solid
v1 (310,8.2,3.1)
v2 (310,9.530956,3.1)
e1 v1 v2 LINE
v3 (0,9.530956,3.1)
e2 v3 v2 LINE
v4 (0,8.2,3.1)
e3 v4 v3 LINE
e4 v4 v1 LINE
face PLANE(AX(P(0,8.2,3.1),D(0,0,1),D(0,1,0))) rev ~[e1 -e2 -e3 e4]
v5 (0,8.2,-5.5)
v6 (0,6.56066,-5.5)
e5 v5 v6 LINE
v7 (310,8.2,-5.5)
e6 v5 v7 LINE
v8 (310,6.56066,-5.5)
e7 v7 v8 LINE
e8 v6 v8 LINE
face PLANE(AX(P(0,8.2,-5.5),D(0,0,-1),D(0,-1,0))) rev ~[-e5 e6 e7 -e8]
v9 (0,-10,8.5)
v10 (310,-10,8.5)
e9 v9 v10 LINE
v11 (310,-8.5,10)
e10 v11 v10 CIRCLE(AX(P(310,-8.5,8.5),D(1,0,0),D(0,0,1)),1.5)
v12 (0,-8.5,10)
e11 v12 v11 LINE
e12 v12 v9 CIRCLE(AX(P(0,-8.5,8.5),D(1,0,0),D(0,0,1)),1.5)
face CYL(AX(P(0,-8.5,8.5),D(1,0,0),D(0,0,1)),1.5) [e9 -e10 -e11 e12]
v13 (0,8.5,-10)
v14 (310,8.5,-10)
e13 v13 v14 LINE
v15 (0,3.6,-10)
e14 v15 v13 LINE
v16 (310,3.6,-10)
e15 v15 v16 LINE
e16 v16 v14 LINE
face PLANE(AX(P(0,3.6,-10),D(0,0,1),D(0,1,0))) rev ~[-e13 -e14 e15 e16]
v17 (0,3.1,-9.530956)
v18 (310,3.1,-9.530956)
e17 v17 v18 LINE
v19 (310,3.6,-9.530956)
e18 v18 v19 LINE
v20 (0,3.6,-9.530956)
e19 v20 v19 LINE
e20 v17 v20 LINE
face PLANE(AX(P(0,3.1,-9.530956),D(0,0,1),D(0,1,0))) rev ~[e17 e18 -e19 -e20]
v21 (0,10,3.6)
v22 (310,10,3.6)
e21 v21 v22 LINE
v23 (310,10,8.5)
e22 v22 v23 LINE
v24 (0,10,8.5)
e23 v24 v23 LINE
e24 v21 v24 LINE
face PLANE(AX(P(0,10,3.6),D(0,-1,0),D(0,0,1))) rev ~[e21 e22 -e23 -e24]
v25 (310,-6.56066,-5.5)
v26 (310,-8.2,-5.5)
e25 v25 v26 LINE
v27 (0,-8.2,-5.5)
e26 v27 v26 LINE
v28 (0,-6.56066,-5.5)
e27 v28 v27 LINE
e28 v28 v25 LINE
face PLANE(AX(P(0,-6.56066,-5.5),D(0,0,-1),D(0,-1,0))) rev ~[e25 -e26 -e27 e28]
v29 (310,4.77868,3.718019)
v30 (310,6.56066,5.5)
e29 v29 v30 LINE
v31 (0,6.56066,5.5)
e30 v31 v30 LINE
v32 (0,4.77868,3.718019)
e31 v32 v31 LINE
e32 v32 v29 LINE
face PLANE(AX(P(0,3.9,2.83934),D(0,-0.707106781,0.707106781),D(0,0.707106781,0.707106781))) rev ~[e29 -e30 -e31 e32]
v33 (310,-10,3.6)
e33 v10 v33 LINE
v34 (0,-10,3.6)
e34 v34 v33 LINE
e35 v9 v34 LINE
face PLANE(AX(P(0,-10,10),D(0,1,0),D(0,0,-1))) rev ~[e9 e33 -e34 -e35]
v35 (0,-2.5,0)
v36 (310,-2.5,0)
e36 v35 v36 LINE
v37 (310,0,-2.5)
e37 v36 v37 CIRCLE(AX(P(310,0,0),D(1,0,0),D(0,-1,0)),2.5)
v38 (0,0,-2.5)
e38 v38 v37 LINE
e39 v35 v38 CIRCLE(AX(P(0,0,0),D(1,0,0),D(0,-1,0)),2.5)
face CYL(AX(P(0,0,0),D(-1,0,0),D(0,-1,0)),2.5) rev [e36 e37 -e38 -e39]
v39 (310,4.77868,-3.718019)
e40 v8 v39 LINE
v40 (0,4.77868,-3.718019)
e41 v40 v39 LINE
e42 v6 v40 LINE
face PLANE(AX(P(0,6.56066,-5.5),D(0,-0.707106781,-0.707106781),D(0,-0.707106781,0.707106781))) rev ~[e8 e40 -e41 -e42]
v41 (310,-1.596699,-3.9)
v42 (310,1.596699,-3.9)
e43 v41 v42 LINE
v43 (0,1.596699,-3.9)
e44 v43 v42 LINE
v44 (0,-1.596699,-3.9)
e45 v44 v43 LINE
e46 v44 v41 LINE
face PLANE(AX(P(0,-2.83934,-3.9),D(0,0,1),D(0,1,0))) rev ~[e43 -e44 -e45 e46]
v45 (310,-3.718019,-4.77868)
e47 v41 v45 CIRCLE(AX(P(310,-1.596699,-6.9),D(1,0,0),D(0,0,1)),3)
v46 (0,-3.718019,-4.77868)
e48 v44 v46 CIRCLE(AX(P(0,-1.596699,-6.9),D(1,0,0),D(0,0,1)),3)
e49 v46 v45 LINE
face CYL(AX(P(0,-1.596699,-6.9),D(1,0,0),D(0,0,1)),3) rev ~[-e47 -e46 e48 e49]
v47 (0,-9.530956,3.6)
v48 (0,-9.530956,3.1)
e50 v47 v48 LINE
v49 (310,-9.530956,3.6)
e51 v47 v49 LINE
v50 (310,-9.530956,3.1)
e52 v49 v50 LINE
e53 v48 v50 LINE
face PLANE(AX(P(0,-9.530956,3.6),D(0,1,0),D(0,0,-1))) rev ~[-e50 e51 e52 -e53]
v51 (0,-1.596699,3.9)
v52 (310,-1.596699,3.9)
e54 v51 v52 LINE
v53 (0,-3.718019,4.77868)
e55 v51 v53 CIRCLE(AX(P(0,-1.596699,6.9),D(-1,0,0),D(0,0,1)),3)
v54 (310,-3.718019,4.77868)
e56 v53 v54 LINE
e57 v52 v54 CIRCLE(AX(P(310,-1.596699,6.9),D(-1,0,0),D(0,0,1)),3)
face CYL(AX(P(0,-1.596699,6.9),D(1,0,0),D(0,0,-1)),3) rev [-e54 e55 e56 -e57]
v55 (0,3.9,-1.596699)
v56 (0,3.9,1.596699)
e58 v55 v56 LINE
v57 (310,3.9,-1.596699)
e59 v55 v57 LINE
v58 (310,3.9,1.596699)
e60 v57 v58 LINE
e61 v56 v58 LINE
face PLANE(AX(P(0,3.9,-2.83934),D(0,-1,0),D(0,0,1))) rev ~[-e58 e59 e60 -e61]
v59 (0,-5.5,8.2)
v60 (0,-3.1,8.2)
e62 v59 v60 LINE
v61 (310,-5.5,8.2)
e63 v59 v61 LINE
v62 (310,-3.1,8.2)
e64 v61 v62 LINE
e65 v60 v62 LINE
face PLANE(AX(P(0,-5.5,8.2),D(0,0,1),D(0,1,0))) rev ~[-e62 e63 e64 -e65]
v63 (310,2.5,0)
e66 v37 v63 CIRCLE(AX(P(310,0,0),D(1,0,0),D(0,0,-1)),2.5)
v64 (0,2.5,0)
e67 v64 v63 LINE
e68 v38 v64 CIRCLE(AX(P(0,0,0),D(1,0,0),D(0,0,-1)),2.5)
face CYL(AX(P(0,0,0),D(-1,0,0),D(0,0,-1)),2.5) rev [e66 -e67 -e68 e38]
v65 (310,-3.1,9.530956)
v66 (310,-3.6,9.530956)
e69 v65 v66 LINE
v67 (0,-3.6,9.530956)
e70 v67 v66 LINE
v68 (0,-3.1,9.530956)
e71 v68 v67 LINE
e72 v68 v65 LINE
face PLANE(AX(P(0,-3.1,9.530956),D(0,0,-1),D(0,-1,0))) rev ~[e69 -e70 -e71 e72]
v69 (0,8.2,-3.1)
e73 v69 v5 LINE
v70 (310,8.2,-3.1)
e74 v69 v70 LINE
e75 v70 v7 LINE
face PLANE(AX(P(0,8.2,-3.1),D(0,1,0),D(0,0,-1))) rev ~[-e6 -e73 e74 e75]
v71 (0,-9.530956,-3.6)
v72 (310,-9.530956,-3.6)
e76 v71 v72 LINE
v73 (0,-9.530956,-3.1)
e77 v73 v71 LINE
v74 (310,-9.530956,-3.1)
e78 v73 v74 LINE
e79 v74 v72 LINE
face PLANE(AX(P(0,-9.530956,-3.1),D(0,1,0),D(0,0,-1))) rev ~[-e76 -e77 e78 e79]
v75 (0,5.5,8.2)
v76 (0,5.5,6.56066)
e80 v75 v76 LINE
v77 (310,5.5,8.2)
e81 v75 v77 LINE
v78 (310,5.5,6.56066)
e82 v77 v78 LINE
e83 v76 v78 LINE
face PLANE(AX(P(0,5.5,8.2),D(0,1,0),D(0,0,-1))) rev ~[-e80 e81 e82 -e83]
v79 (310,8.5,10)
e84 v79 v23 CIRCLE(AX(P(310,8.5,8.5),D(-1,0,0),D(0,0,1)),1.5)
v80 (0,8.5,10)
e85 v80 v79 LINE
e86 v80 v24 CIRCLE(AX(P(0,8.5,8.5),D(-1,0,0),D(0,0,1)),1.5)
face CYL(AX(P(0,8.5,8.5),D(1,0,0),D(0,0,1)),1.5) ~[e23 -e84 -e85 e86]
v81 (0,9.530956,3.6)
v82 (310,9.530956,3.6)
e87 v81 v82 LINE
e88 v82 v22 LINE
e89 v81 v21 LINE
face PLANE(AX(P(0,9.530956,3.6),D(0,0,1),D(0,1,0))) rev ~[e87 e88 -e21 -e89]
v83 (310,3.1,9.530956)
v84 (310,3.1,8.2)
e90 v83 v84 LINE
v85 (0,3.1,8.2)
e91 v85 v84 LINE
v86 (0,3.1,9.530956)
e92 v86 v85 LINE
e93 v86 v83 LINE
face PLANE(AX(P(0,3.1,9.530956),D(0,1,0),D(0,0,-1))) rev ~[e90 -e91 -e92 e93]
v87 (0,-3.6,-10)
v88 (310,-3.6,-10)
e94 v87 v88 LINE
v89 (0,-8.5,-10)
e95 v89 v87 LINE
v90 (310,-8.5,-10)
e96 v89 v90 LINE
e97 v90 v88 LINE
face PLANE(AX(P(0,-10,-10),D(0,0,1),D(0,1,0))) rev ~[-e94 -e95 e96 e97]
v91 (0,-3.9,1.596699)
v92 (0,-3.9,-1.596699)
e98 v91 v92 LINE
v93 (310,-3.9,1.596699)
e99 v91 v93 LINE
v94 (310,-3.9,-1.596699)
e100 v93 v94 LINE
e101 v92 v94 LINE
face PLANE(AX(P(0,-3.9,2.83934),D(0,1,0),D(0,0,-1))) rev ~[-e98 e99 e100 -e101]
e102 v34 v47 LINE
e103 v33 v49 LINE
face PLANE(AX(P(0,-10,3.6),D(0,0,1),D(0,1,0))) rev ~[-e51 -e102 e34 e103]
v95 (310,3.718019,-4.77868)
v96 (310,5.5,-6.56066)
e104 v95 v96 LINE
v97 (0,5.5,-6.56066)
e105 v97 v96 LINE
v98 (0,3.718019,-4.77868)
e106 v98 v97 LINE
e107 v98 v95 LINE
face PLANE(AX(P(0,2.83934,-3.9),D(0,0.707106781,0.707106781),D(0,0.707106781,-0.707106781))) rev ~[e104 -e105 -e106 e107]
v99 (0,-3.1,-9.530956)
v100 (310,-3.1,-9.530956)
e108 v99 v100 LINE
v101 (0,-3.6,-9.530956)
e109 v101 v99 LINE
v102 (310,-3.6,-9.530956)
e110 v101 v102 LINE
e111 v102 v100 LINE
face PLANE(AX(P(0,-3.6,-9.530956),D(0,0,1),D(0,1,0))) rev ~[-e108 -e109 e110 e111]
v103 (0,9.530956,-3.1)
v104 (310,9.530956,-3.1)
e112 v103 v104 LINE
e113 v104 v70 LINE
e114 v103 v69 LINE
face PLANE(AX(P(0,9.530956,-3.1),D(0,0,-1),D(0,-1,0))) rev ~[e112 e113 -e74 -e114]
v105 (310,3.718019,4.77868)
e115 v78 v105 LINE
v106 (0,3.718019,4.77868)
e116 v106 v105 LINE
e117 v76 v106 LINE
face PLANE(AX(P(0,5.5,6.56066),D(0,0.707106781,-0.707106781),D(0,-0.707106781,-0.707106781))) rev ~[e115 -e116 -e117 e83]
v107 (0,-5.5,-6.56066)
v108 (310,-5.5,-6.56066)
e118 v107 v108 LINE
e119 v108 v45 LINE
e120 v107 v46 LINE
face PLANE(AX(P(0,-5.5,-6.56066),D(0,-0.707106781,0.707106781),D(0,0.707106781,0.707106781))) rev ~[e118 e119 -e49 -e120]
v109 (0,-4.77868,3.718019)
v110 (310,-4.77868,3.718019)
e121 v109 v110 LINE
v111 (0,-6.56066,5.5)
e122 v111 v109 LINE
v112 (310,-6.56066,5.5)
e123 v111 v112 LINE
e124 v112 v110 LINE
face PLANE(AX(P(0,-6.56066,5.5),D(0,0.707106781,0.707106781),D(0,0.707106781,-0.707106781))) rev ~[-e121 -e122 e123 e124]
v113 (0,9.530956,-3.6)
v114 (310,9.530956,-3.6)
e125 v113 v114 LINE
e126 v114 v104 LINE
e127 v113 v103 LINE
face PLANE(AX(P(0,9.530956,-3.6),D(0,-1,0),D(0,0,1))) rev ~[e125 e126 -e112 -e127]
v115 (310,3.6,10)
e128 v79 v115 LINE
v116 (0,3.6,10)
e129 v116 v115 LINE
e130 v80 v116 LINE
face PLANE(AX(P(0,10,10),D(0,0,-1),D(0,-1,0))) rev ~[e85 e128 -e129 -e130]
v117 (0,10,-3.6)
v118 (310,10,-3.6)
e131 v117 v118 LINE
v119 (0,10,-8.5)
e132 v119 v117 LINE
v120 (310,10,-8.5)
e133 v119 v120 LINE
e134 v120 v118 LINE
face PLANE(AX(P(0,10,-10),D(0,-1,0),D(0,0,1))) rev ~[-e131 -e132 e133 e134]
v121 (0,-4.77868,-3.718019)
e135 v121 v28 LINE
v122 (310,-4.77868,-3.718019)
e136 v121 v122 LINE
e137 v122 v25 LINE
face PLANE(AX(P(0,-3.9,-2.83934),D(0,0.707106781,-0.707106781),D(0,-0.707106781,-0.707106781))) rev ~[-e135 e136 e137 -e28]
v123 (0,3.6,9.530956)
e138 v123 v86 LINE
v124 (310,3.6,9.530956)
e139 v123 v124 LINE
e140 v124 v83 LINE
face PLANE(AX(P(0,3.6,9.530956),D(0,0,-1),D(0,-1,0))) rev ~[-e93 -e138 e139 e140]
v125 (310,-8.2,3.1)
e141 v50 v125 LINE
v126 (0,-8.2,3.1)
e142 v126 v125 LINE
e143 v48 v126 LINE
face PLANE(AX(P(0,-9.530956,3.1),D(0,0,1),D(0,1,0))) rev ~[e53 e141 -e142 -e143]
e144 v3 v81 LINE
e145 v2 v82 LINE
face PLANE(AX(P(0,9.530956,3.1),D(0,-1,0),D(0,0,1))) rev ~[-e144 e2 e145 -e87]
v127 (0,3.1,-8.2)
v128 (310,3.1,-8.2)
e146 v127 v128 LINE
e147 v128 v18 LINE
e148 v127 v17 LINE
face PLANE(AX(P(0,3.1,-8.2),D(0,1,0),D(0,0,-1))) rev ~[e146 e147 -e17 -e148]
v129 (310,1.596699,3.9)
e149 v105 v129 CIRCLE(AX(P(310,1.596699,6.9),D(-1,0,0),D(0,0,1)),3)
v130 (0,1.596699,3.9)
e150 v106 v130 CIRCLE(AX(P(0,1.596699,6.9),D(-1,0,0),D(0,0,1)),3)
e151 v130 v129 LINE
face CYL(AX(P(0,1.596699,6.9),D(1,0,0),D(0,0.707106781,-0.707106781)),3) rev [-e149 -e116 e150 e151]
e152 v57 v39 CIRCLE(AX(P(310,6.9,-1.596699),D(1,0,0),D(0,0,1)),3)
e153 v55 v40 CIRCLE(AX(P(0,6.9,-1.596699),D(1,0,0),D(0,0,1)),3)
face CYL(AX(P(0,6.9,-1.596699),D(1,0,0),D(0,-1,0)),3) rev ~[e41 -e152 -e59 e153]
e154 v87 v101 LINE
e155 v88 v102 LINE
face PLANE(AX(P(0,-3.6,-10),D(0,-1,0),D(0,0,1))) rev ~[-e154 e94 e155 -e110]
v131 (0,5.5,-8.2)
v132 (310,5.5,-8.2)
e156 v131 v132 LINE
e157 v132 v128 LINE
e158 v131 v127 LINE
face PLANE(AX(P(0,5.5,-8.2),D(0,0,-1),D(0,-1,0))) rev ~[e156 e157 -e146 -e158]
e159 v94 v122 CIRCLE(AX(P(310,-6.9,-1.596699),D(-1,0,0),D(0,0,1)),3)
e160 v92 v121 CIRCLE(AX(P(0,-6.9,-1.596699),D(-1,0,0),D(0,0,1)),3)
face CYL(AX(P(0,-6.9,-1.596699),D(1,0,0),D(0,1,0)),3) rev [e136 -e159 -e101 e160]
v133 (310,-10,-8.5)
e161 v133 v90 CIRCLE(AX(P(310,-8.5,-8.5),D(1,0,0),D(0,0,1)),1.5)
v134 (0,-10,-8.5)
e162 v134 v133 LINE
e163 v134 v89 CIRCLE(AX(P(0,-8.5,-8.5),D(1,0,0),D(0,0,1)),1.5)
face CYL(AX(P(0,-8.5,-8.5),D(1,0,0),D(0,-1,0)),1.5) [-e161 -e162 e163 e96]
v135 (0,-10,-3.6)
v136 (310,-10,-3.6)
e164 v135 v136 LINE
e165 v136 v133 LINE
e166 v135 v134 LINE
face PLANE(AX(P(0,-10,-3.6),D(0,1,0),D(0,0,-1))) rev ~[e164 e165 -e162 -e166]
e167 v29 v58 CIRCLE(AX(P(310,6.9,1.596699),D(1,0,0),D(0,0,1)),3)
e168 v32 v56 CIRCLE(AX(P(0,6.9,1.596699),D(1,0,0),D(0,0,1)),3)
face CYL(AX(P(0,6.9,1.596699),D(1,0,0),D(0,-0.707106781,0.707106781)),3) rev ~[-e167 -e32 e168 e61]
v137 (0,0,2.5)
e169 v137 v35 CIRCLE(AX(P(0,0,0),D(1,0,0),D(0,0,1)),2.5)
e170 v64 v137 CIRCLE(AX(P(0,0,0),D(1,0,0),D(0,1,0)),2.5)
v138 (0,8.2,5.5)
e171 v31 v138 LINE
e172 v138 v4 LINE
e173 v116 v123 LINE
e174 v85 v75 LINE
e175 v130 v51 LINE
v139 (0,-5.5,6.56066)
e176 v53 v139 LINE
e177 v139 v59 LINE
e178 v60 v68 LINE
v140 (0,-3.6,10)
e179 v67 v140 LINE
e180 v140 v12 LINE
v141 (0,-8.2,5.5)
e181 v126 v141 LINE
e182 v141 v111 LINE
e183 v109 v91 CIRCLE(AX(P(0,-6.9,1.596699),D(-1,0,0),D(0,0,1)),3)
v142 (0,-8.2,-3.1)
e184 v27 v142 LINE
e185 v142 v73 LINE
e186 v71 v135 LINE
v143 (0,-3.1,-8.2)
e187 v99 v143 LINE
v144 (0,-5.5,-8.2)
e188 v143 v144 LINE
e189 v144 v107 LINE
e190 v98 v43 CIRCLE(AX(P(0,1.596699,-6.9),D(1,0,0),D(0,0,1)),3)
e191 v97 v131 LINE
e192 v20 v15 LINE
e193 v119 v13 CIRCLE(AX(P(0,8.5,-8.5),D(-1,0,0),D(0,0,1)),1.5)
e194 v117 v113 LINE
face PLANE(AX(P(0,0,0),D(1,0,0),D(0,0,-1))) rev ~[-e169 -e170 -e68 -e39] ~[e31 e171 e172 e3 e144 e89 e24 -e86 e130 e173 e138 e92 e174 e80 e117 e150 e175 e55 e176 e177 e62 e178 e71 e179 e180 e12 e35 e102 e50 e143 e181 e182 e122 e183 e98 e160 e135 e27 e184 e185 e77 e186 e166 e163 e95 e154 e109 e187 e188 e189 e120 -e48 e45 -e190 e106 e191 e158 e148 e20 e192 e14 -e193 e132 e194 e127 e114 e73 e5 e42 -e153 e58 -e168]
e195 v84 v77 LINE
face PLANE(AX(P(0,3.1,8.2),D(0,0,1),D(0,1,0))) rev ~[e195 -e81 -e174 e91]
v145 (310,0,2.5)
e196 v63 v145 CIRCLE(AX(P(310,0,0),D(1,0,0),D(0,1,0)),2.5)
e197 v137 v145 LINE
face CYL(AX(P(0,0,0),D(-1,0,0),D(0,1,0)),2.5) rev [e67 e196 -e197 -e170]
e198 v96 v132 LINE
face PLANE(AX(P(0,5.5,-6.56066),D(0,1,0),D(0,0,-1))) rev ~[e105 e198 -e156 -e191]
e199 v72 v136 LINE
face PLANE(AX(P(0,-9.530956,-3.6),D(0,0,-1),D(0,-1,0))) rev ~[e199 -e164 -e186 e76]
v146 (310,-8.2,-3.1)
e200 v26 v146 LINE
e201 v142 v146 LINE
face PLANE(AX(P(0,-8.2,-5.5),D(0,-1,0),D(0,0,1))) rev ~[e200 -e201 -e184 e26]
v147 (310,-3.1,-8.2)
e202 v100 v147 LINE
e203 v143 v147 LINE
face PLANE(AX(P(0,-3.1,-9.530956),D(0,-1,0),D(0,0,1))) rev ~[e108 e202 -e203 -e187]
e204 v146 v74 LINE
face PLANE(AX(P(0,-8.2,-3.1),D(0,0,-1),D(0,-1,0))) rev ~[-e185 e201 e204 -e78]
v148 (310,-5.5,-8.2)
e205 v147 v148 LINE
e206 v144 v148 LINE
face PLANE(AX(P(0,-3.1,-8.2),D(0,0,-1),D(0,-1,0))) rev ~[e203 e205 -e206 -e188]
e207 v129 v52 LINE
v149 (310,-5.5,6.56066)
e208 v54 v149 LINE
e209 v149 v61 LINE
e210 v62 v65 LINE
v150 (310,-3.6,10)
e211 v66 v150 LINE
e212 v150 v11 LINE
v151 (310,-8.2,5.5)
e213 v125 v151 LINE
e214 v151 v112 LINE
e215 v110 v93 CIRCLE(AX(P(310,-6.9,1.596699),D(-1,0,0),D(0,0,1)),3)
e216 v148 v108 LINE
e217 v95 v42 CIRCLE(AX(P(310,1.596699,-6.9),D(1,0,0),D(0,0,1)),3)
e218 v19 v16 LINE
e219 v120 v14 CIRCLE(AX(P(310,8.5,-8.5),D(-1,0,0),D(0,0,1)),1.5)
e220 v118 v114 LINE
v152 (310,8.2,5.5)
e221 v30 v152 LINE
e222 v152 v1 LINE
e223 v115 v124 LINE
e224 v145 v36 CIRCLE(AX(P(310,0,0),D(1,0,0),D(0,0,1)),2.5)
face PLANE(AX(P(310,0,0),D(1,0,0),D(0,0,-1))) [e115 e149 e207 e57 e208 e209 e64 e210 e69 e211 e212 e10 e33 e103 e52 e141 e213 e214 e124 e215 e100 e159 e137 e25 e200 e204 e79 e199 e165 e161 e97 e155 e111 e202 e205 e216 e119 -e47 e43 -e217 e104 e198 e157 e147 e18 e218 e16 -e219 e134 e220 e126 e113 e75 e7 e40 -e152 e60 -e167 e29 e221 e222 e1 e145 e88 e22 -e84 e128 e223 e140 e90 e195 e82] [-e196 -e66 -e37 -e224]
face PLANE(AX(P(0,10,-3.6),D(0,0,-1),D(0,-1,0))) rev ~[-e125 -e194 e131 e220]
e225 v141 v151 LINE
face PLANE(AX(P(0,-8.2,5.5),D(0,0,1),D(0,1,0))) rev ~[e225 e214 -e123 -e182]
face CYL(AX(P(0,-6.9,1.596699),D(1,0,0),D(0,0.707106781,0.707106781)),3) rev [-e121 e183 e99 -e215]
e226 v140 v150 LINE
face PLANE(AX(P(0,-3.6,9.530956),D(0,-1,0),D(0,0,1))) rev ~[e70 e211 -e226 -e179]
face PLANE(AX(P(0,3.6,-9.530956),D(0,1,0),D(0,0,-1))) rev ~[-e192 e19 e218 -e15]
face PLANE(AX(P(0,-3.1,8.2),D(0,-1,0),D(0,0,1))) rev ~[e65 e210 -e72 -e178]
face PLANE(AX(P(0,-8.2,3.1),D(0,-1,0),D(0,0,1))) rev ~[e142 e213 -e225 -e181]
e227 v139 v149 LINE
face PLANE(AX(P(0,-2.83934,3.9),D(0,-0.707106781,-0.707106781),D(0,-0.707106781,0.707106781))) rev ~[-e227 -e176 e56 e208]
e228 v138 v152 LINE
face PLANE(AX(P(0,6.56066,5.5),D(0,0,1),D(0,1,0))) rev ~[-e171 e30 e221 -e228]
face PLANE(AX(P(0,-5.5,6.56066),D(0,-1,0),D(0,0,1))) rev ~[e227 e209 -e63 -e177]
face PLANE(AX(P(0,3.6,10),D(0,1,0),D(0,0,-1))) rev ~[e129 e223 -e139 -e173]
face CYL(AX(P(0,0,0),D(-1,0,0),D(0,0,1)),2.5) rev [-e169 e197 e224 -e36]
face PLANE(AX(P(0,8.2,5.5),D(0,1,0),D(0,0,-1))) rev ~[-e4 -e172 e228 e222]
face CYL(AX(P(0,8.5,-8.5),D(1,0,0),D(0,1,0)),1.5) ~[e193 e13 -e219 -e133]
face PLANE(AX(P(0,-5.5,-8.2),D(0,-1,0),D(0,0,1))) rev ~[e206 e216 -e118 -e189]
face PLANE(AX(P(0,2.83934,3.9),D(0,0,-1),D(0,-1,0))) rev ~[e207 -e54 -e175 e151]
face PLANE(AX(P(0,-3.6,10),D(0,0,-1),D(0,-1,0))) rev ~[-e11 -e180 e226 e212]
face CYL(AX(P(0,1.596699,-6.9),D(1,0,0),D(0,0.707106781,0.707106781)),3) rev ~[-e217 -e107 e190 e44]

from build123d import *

# Parameters (mm, degrees)
EXTRUDE_1_DEPTH = 310
FILLET_1_R      = 1.5
FILLET_2_R      = 3


with BuildPart() as part:
    # 草图1 → 凸台-拉伸1 (new body)
    with BuildSketch(Plane(origin=(0, 0, 0), x_dir=(0, 0, -1), z_dir=(1, 0, 0))):
        Polygon((-10, 10), (-10, 3.6), (-9.530955747, 3.6), (-9.530955747, 3.1), (-8.2, 3.1), (-8.2, 5.5), (-6.560660172, 5.5), (-3.9, 2.839339828), (-3.9, 0), (-3.9, -2.839339828), (-6.560660172, -5.5), (-8.2, -5.5), (-8.2, -3.1), (-9.530955747, -3.1), (-9.530955747, -3.6), (-10, -3.6), (-10, -10), (-3.6, -10), (-3.6, -9.530955747), (-3.1, -9.530955747), (-3.1, -8.2), (-5.5, -8.2), (-5.5, -6.560660172), (-2.839339828, -3.9), (0, -3.9), (2.839339828, -3.9), (5.5, -6.560660172), (5.5, -8.2), (3.1, -8.2), (3.1, -9.530955747), (3.6, -9.530955747), (3.6, -10), (10, -10), (10, -3.6), (9.530955747, -3.6), (9.530955747, -3.1), (8.2, -3.1), (8.2, -5.5), (6.560660172, -5.5), (3.9, -2.839339828), (3.9, 0), (3.9, 2.839339828), (6.560660172, 5.5), (8.2, 5.5), (8.2, 3.1), (9.530955747, 3.1), (9.530955747, 3.6), (10, 3.6), (10, 10), (3.6, 10), (3.6, 9.530955747), (3.1, 9.530955747), (3.1, 8.2), (5.5, 8.2), (5.5, 6.560660172), (2.839339828, 3.9), (0, 3.9), (-2.839339828, 3.9), (-5.5, 6.560660172), (-5.5, 8.2), (-3.1, 8.2), (-3.1, 9.530955747), (-3.6, 9.530955747), (-3.6, 10), align=None)
        with BuildLine():
            ThreePointArc((0, 2.5), (-1.767766953, 1.767766953), (-2.5, 0))
            ThreePointArc((-2.5, 0), (-1.767766953, -1.767766953), (0, -2.5))
            ThreePointArc((0, -2.5), (1.767766953, -1.767766953), (2.5, 0))
            ThreePointArc((2.5, 0), (1.767766953, 1.767766953), (0, 2.5))
        make_face(mode=Mode.SUBTRACT)
    extrude(amount=EXTRUDE_1_DEPTH)

    # 圆角1
    fillet_1_edges = [part.edges().sort_by_distance(p)[0] for p in [
        (155, -10, -10),
        (155, -10, 10),
        (155, 10, 10),
        (155, 10, -10),
    ]]
    fillet(fillet_1_edges, radius=FILLET_1_R)

    # 圆角2
    fillet_2_edges = [part.edges().sort_by_distance(p)[0] for p in [
        (155, -3.9, -2.839339828),
        (155, -3.9, 2.839339828),
        (155, -2.839339828, 3.9),
        (155, 2.839339828, 3.9),
        (155, 3.9, 2.839339828),
        (155, 3.9, -2.839339828),
        (155, 2.839339828, -3.9),
        (155, -2.839339828, -3.9),
    ]]
    fillet(fillet_2_edges, radius=FILLET_2_R)


solid = part.part
